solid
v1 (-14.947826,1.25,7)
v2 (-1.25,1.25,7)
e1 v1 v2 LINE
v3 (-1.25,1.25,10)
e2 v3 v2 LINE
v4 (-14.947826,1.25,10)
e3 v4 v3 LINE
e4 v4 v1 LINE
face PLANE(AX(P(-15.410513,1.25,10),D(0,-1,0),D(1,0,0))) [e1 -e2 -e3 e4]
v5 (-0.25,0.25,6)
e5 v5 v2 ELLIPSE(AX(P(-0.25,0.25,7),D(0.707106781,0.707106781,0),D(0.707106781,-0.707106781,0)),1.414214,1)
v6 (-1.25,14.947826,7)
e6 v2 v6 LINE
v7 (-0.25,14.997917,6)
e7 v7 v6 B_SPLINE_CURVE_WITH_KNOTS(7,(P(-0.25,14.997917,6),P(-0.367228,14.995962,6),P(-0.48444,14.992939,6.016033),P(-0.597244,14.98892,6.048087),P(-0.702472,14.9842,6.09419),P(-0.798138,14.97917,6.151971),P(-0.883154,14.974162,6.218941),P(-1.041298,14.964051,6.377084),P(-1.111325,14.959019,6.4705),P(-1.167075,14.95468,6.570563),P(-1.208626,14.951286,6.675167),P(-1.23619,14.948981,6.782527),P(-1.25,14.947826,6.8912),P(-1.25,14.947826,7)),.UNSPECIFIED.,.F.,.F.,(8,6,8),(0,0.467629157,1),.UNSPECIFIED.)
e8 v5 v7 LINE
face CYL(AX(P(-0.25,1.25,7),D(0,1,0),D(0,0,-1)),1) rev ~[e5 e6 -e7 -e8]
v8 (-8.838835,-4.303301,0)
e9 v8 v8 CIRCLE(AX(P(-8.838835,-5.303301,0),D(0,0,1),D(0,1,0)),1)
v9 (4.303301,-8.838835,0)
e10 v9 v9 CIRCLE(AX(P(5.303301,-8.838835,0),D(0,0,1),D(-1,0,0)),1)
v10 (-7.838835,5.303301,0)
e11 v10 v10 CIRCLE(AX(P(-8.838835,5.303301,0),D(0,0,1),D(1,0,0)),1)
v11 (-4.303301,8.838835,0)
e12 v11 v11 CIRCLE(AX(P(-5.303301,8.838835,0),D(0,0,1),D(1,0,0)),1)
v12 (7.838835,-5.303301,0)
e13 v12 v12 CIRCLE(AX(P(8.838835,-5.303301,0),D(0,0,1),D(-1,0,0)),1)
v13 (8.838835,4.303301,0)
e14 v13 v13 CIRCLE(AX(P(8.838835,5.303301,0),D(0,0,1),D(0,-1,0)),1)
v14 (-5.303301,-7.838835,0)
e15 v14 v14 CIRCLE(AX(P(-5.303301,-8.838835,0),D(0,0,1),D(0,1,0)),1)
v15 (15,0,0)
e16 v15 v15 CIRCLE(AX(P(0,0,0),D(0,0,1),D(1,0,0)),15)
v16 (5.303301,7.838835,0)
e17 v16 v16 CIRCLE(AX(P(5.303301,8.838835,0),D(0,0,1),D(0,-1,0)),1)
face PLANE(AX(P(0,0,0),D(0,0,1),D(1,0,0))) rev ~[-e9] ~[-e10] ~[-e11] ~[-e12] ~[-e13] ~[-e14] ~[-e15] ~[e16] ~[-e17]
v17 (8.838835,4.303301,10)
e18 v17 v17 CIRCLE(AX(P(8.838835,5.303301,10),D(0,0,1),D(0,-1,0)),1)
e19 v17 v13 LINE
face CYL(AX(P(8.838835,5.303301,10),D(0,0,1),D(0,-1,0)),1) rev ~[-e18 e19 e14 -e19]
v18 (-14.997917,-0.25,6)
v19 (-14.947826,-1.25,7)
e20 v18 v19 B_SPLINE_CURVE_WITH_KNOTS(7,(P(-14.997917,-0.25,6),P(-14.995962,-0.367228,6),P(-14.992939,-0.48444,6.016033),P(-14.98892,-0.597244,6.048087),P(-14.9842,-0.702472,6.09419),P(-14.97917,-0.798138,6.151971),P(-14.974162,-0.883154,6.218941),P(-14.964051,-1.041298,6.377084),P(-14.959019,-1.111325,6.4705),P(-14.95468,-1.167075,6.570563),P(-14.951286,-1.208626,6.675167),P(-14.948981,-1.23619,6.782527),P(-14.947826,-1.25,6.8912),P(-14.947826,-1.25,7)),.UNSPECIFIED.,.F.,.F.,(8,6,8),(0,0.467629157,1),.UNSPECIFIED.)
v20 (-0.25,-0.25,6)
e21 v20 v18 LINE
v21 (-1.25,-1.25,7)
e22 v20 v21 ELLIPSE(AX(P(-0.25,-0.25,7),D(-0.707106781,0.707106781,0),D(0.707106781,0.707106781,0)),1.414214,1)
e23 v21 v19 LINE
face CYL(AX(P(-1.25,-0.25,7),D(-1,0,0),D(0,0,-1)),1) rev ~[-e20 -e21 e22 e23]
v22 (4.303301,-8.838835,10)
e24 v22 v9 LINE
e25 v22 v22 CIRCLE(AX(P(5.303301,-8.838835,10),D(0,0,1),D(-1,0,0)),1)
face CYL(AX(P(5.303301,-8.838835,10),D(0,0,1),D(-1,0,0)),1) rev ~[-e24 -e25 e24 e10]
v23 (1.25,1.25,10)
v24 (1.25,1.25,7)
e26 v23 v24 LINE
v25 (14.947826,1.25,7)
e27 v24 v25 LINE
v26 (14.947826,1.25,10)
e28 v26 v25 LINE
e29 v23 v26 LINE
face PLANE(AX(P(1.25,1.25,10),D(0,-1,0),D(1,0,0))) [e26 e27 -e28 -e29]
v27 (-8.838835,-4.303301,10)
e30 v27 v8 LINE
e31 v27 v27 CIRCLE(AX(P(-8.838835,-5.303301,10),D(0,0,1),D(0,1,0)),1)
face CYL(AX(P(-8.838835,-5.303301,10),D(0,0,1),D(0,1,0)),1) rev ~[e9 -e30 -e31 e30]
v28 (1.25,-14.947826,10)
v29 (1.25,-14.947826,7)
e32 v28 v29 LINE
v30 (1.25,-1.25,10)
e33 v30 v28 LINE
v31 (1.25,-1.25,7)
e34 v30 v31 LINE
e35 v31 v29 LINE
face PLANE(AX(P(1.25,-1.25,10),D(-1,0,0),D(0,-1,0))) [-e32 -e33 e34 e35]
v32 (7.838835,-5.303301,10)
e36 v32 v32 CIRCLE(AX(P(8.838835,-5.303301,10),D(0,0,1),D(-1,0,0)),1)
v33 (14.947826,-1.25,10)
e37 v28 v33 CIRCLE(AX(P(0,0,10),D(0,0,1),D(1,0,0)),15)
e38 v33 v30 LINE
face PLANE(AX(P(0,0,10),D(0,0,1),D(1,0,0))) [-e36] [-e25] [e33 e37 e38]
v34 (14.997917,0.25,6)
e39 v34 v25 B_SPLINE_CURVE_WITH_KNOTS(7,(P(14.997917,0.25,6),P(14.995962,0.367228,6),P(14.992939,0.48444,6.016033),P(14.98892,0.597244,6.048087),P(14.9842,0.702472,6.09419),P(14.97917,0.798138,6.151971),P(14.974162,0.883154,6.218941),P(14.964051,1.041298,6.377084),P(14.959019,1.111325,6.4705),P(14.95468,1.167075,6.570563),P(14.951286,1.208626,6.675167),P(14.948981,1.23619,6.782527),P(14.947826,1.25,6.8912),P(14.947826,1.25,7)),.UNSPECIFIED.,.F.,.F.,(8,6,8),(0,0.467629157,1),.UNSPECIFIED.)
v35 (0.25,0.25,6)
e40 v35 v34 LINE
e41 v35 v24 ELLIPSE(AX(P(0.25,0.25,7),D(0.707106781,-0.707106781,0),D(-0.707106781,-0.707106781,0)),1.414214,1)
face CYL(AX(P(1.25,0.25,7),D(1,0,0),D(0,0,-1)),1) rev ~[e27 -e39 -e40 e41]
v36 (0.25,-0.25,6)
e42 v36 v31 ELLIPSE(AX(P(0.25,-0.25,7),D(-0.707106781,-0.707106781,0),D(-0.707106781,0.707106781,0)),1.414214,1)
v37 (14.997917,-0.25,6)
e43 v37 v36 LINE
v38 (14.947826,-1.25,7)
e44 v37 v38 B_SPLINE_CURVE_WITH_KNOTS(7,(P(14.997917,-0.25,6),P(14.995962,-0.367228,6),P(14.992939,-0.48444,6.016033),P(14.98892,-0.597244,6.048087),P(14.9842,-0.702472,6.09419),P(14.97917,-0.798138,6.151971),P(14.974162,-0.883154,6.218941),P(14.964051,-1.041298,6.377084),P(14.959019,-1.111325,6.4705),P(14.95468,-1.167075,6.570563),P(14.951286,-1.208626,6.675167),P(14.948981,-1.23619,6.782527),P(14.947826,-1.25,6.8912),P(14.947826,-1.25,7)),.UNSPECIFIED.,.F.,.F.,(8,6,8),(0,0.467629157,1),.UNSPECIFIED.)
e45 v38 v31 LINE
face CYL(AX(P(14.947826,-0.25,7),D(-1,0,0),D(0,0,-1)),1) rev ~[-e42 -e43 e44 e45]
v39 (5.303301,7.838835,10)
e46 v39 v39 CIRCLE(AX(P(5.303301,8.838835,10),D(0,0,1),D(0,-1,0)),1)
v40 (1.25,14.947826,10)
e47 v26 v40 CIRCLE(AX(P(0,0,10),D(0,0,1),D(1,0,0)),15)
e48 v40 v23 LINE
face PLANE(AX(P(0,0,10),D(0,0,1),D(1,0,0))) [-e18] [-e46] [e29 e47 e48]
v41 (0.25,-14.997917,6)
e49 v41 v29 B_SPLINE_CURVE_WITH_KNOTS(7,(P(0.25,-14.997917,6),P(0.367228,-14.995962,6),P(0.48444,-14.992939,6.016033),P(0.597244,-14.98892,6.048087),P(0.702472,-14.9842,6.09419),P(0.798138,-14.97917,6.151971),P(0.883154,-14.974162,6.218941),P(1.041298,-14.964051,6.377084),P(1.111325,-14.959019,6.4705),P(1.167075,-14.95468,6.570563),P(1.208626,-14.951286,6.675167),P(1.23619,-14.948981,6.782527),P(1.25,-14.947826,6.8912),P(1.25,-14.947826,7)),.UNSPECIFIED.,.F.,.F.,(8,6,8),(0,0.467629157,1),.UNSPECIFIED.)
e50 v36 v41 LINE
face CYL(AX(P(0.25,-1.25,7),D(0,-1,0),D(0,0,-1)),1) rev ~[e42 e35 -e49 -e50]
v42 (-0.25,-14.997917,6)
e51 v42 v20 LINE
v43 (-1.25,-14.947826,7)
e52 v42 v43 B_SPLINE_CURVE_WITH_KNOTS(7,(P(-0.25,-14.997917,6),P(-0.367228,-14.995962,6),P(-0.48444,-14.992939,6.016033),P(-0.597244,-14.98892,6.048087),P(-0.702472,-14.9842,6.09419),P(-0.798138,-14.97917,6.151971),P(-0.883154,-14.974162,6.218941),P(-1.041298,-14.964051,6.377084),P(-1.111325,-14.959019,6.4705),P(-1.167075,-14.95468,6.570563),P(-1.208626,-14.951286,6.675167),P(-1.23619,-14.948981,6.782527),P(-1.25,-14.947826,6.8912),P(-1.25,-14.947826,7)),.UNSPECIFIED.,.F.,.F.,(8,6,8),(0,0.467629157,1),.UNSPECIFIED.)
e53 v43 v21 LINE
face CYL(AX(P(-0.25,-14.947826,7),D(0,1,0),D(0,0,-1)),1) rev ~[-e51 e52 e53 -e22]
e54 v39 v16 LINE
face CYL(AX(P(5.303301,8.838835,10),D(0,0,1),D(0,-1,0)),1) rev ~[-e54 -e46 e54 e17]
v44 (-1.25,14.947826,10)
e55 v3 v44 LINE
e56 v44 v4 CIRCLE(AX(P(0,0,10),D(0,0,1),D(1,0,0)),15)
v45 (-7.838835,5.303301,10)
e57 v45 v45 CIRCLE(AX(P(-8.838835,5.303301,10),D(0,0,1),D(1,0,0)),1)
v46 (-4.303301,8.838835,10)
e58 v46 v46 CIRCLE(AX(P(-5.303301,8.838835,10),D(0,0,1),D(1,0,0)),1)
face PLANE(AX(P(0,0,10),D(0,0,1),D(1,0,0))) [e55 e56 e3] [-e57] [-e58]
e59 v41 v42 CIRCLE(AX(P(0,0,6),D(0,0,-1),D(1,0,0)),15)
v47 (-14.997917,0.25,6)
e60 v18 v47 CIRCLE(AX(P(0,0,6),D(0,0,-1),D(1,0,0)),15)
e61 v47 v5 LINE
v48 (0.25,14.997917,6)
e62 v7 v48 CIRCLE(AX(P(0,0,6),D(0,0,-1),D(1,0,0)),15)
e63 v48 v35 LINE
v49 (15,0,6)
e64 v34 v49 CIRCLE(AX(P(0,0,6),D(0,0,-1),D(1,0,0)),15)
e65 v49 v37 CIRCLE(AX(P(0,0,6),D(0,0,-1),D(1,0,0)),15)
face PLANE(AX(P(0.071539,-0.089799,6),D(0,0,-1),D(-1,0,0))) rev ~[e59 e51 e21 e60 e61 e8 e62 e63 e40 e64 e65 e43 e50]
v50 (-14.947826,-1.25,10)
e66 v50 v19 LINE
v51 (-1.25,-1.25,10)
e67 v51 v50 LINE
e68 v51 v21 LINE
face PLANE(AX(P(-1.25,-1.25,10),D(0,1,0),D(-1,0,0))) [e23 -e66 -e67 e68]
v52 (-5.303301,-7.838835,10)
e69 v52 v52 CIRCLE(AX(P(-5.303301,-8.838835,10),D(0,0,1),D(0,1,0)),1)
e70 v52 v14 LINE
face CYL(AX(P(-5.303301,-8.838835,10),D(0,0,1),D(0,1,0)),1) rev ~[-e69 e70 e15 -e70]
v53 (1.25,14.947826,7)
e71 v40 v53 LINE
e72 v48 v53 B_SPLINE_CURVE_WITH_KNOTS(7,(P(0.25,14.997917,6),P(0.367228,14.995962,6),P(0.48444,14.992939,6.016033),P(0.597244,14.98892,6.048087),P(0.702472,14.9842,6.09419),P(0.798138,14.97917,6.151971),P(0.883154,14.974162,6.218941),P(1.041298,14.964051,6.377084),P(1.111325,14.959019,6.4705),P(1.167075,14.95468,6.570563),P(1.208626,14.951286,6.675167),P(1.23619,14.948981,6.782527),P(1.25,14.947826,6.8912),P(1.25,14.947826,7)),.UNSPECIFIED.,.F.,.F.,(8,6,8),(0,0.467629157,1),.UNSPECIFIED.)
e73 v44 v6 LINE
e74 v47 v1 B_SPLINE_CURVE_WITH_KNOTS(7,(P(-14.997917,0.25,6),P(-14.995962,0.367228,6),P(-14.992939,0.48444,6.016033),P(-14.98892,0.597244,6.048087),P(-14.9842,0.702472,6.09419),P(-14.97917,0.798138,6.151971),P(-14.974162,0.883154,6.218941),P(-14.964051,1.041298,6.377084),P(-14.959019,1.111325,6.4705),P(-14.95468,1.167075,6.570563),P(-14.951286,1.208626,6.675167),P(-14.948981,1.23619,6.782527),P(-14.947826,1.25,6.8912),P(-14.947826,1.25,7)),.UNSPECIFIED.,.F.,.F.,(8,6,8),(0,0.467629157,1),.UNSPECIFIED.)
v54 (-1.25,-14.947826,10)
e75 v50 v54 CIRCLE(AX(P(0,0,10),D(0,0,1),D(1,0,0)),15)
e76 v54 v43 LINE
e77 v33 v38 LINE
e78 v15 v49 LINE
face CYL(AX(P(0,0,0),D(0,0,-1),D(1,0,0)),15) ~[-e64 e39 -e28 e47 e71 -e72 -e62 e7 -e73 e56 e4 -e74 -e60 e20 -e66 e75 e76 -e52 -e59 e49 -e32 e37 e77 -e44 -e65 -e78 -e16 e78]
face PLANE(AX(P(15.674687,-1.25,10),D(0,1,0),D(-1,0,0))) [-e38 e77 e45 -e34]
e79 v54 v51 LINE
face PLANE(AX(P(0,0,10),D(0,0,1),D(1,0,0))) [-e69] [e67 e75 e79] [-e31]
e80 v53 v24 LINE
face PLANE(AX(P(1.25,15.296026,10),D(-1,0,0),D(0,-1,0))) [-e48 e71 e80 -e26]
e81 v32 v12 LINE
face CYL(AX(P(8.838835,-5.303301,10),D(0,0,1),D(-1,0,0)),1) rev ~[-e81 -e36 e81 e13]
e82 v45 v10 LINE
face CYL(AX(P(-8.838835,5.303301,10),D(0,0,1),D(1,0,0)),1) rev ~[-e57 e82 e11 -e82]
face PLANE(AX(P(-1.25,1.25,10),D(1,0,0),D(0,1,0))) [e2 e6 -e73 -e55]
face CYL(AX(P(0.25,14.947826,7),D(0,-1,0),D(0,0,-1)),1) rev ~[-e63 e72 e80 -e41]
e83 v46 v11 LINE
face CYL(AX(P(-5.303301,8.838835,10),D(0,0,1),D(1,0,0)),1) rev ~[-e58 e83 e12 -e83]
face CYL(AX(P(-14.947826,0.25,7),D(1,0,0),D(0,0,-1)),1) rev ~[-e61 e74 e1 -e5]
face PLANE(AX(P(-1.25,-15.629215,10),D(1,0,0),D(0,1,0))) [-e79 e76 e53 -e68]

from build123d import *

# Parameters (mm, degrees)
SKETCH2_R           = 15
BOSS_EXTRUDE1_DEPTH = 10
CUT_EXTRUDE1_DEPTH  = 4
FILLET1_R           = 1
SKETCH4_R           = 1
CUT_EXTRUDE2_DEPTH  = 10
CIRPATTERN1_COUNT   = 4


with BuildPart() as part:
    # Sketch2 → Boss-Extrude1 (new body)
    with BuildSketch(Plane.XY):
        Circle(SKETCH2_R)
    extrude(amount=BOSS_EXTRUDE1_DEPTH)

    # Sketch3 → Cut-Extrude1 (cut)
    with BuildSketch(Plane.XY.offset(10)):
        Polygon((-1.25, 1.25), (-1.25, 15.296025934), (1.25, 15.296025934), (1.25, 1.25), (15.674686846, 1.25), (15.674686846, -1.25), (1.25, -1.25), (1.25, -15.629214974), (-1.25, -15.629214974), (-1.25, -1.25), (-15.410512851, -1.25), (-15.410512851, 1.25), align=None)
    extrude(amount=-CUT_EXTRUDE1_DEPTH, mode=Mode.SUBTRACT)

    # Fillet1
    fillet1_edges = [part.edges().sort_by_distance(p)[0] for p in [
        (-8.098912964, 1.25, 6),
        (-1.25, 8.098912964, 6),
        (1.25, 8.098912964, 6),
        (8.098912964, 1.25, 6),
        (8.098912964, -1.25, 6),
        (1.25, -8.098912964, 6),
        (-1.25, -8.098912964, 6),
        (-8.098912964, -1.25, 6),
    ]]
    fillet(fillet1_edges, radius=FILLET1_R)

    # Sketch4 → Cut-Extrude2 (cut)
    with BuildSketch(Plane.XY.offset(10)):
        with Locations((-5.303300859, 8.838834765)):
            Circle(SKETCH4_R)
        with Locations((-8.838834765, 5.303300859)):
            Circle(SKETCH4_R)
    cut_extrude2 = extrude(amount=-CUT_EXTRUDE2_DEPTH, mode=Mode.SUBTRACT)

    # CirPattern1: Cut-Extrude2 ×4 about axis
    cirpattern1_axis = Axis((0, 0, 0), (0, 0, 1))
    for i in range(1, CIRPATTERN1_COUNT):
        add(cut_extrude2.rotate(cirpattern1_axis, i * 360 / CIRPATTERN1_COUNT), mode=Mode.SUBTRACT)


solid = part.part
